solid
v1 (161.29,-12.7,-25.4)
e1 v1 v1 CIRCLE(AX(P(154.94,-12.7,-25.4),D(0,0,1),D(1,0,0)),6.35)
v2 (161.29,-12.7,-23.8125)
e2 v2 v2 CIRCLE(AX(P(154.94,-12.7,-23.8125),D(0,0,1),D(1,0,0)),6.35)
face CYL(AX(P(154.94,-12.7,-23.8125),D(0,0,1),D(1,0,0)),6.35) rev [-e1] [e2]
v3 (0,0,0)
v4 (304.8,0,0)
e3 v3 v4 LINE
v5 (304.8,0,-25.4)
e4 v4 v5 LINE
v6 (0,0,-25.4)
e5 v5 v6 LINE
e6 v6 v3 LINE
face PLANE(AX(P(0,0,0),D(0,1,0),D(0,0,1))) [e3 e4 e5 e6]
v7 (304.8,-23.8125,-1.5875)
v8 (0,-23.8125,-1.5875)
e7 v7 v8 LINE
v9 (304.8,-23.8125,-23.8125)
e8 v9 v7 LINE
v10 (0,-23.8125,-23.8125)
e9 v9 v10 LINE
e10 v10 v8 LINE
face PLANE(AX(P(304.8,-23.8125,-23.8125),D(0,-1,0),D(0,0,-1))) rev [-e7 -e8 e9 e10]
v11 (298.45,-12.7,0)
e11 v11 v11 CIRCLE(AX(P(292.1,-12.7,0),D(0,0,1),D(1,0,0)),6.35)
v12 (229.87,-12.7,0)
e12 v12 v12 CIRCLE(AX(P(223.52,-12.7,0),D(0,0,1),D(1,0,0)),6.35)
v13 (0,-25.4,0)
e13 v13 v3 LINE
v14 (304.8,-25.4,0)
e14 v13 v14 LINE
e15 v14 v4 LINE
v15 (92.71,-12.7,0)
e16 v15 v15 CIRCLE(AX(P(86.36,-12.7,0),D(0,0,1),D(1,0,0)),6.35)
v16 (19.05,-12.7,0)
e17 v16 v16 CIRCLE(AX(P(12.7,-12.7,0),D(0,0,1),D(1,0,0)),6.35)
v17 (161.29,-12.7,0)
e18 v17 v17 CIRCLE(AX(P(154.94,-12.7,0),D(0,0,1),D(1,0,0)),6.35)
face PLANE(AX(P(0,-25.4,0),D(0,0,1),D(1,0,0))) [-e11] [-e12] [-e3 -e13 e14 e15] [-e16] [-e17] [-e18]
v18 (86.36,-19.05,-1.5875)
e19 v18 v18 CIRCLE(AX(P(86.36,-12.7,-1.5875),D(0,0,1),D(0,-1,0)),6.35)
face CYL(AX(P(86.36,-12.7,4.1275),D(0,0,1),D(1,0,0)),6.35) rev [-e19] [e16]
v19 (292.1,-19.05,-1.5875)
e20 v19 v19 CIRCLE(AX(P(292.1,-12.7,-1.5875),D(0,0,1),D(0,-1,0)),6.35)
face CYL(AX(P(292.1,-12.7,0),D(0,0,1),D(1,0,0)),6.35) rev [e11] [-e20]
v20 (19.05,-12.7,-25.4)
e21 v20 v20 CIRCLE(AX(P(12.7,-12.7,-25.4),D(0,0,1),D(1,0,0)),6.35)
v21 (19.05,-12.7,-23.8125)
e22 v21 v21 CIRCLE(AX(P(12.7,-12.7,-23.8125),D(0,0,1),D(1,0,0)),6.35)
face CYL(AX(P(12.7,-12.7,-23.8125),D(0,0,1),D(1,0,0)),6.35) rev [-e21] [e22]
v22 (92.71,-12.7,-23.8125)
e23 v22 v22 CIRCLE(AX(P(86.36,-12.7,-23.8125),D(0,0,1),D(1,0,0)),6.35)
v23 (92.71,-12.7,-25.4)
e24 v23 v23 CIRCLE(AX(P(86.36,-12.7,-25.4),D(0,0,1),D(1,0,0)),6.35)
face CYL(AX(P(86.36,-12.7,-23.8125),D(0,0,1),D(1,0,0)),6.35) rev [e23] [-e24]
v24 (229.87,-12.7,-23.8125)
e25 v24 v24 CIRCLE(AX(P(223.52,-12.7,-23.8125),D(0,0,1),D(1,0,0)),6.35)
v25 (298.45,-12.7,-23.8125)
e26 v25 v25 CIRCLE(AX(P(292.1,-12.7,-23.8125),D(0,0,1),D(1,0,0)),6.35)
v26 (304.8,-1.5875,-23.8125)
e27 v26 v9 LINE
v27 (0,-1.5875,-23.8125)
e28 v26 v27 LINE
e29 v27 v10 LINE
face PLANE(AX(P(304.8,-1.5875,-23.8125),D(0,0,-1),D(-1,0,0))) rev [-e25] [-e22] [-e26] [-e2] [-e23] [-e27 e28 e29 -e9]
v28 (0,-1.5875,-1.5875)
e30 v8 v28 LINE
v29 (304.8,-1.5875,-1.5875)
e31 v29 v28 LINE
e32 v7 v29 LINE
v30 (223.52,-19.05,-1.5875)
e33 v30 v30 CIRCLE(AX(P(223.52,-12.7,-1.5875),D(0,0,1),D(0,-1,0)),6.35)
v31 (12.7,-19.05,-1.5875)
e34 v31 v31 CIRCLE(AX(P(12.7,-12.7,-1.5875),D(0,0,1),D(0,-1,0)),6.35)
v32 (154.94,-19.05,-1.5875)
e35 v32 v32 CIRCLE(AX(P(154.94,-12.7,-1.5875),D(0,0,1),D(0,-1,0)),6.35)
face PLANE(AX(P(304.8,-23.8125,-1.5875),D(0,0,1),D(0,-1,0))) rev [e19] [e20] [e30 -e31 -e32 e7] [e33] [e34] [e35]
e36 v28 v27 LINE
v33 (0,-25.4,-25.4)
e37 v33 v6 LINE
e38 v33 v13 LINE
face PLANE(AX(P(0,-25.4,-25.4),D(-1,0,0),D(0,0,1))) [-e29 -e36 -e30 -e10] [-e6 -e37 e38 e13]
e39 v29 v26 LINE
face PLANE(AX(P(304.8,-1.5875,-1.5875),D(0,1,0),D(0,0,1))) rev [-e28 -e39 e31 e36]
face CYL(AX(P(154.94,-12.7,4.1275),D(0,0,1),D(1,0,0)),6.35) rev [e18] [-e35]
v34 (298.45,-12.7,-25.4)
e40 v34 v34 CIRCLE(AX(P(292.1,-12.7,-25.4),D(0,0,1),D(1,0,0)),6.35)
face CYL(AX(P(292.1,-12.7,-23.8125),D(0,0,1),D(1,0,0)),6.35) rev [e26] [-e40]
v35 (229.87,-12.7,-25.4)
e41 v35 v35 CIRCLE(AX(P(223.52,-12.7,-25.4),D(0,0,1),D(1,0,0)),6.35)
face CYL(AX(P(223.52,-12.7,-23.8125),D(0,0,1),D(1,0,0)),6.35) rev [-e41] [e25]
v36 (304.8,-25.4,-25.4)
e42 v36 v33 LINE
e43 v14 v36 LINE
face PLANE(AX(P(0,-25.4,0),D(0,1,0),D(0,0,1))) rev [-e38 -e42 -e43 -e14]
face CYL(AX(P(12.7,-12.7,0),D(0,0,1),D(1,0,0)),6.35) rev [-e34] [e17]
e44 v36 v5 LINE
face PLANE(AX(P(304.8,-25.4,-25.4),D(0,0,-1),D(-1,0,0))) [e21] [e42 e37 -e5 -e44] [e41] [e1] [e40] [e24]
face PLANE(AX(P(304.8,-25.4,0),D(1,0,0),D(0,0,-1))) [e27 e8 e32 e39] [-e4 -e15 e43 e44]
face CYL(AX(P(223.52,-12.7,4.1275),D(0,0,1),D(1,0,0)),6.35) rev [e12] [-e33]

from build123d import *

# Parameters (mm, degrees)
SKETCH1_W                 = 304.8
SKETCH1_H                 = 25.4
BOSS_EXTRUDE1_DEPTH       = 25.4
SKETCH2_W                 = 22.225
SKETCH2_H                 = 22.225
CUT_EXTRUDE1_DEPTH        = 307.909367729
SKETCH3_W                 = 6.35
SKETCH3_H                 = 29.5275
HOLE1_AT_2_COUNT          = 2
HOLE1_AT_2_PITCH          = 279.4
HOLE2_D                   = 12.7
HOLE2_DEPTH               = 25.4
LPATTERN1_COUNT           = 2
LPATTERN1_PITCH           = 27.94
LPATTERN1_COUNT_DIR2      = 4
LPATTERN1_PITCH_DIR2      = 68.58
LPATTERN1_COPY_1_SKETCH_W = 6.35
LPATTERN1_COPY_1_SKETCH_H = 29.5275
LPATTERN1_COPY_2_SKETCH_W = 6.35
LPATTERN1_COPY_2_SKETCH_H = 29.5275
LPATTERN1_COPY_3_SKETCH_W = 6.35
LPATTERN1_COPY_3_SKETCH_H = 29.5275
LPATTERN1_COPY_4_SKETCH_W = 6.35
LPATTERN1_COPY_4_SKETCH_H = 29.5275
LPATTERN1_COPY_5_SKETCH_W = 6.35
LPATTERN1_COPY_5_SKETCH_H = 29.5275
LPATTERN1_COPY_6_SKETCH_W = 6.35
LPATTERN1_COPY_6_SKETCH_H = 29.5275
LPATTERN1_COPY_7_SKETCH_W = 6.35
LPATTERN1_COPY_7_SKETCH_H = 29.5275


with BuildPart() as part:
    # Sketch1 → Boss-Extrude1 (new body)
    with BuildSketch(Plane(origin=(0, 0, 0), x_dir=(1, 0, 0), z_dir=(0, 1, 0))):
        with Locations((152.4, 12.7)):
            Rectangle(SKETCH1_W, SKETCH1_H)
    extrude(amount=-BOSS_EXTRUDE1_DEPTH)

    # Sketch2 → Cut-Extrude1 (cut, through all)
    with BuildSketch(Plane.ZY):
        with Locations((-12.7, -12.7)):
            Rectangle(SKETCH2_W, SKETCH2_H)
    extrude(amount=-CUT_EXTRUDE1_DEPTH, mode=Mode.SUBTRACT)

    # Sketch3 → Hole1 (revolve, cut)
    with BuildSketch(Plane(origin=(292.1, -12.7, -23.8125), x_dir=(0, -1, 0), z_dir=(1, 0, 0))):
        with Locations((3.175, 14.76375)):
            Rectangle(SKETCH3_W, SKETCH3_H)
    hole1 = revolve(axis=Axis((292.1, -12.7, -133.8125), (0, 0, 1)), mode=Mode.SUBTRACT)

    # Hole1 at 2: Hole1 ×2
    with Locations(*[(-i * HOLE1_AT_2_PITCH, 0, 0) for i in range(1, HOLE1_AT_2_COUNT)]):
        add(hole1, mode=Mode.SUBTRACT)

    # Hole2
    with Locations(Plane.XY):
        with Locations((292.1, -12.7), (12.7, -12.7)):
            Hole(HOLE2_D / 2, depth=HOLE2_DEPTH)

    # LPattern1: Hole1 2 × 4
    with Locations(*[(-j * LPATTERN1_PITCH_DIR2, 0, i * LPATTERN1_PITCH) for i in range(LPATTERN1_COUNT) for j in range(LPATTERN1_COUNT_DIR2) if (i, j) != (0, 0)]):
        add(hole1, mode=Mode.SUBTRACT)

    # LPattern1 copy 1 sketch → LPattern1 copy 1 (revolve, cut)
    with BuildSketch(Plane(origin=(-55.88, -12.7, -23.8125), x_dir=(0, -1, 0), z_dir=(1, 0, 0))):
        with Locations((3.175, 14.76375)):
            Rectangle(LPATTERN1_COPY_1_SKETCH_W, LPATTERN1_COPY_1_SKETCH_H)
    revolve(axis=Axis((-55.88, -12.7, -133.8125), (0, 0, 1)), mode=Mode.SUBTRACT)

    # LPattern1 copy 2 sketch → LPattern1 copy 2 (revolve, cut)
    with BuildSketch(Plane(origin=(-124.46, -12.7, -23.8125), x_dir=(0, -1, 0), z_dir=(1, 0, 0))):
        with Locations((3.175, 14.76375)):
            Rectangle(LPATTERN1_COPY_2_SKETCH_W, LPATTERN1_COPY_2_SKETCH_H)
    revolve(axis=Axis((-124.46, -12.7, -133.8125), (0, 0, 1)), mode=Mode.SUBTRACT)

    # LPattern1 copy 3 sketch → LPattern1 copy 3 (revolve, cut)
    with BuildSketch(Plane(origin=(-193.04, -12.7, -23.8125), x_dir=(0, -1, 0), z_dir=(1, 0, 0))):
        with Locations((3.175, 14.76375)):
            Rectangle(LPATTERN1_COPY_3_SKETCH_W, LPATTERN1_COPY_3_SKETCH_H)
    revolve(axis=Axis((-193.04, -12.7, -133.8125), (0, 0, 1)), mode=Mode.SUBTRACT)

    # LPattern1 copy 4 sketch → LPattern1 copy 4 (revolve, cut)
    with BuildSketch(Plane(origin=(12.7, -12.7, 4.1275), x_dir=(0, -1, 0), z_dir=(1, 0, 0))):
        with Locations((3.175, 14.76375)):
            Rectangle(LPATTERN1_COPY_4_SKETCH_W, LPATTERN1_COPY_4_SKETCH_H)
    revolve(axis=Axis((12.7, -12.7, -105.8725), (0, 0, 1)), mode=Mode.SUBTRACT)

    # LPattern1 copy 5 sketch → LPattern1 copy 5 (revolve, cut)
    with BuildSketch(Plane(origin=(-55.88, -12.7, 4.1275), x_dir=(0, -1, 0), z_dir=(1, 0, 0))):
        with Locations((3.175, 14.76375)):
            Rectangle(LPATTERN1_COPY_5_SKETCH_W, LPATTERN1_COPY_5_SKETCH_H)
    revolve(axis=Axis((-55.88, -12.7, -105.8725), (0, 0, 1)), mode=Mode.SUBTRACT)

    # LPattern1 copy 6 sketch → LPattern1 copy 6 (revolve, cut)
    with BuildSketch(Plane(origin=(-124.46, -12.7, 4.1275), x_dir=(0, -1, 0), z_dir=(1, 0, 0))):
        with Locations((3.175, 14.76375)):
            Rectangle(LPATTERN1_COPY_6_SKETCH_W, LPATTERN1_COPY_6_SKETCH_H)
    revolve(axis=Axis((-124.46, -12.7, -105.8725), (0, 0, 1)), mode=Mode.SUBTRACT)

    # LPattern1 copy 7 sketch → LPattern1 copy 7 (revolve, cut)
    with BuildSketch(Plane(origin=(-193.04, -12.7, 4.1275), x_dir=(0, -1, 0), z_dir=(1, 0, 0))):
        with Locations((3.175, 14.76375)):
            Rectangle(LPATTERN1_COPY_7_SKETCH_W, LPATTERN1_COPY_7_SKETCH_H)
    revolve(axis=Axis((-193.04, -12.7, -105.8725), (0, 0, 1)), mode=Mode.SUBTRACT)


solid = part.part
